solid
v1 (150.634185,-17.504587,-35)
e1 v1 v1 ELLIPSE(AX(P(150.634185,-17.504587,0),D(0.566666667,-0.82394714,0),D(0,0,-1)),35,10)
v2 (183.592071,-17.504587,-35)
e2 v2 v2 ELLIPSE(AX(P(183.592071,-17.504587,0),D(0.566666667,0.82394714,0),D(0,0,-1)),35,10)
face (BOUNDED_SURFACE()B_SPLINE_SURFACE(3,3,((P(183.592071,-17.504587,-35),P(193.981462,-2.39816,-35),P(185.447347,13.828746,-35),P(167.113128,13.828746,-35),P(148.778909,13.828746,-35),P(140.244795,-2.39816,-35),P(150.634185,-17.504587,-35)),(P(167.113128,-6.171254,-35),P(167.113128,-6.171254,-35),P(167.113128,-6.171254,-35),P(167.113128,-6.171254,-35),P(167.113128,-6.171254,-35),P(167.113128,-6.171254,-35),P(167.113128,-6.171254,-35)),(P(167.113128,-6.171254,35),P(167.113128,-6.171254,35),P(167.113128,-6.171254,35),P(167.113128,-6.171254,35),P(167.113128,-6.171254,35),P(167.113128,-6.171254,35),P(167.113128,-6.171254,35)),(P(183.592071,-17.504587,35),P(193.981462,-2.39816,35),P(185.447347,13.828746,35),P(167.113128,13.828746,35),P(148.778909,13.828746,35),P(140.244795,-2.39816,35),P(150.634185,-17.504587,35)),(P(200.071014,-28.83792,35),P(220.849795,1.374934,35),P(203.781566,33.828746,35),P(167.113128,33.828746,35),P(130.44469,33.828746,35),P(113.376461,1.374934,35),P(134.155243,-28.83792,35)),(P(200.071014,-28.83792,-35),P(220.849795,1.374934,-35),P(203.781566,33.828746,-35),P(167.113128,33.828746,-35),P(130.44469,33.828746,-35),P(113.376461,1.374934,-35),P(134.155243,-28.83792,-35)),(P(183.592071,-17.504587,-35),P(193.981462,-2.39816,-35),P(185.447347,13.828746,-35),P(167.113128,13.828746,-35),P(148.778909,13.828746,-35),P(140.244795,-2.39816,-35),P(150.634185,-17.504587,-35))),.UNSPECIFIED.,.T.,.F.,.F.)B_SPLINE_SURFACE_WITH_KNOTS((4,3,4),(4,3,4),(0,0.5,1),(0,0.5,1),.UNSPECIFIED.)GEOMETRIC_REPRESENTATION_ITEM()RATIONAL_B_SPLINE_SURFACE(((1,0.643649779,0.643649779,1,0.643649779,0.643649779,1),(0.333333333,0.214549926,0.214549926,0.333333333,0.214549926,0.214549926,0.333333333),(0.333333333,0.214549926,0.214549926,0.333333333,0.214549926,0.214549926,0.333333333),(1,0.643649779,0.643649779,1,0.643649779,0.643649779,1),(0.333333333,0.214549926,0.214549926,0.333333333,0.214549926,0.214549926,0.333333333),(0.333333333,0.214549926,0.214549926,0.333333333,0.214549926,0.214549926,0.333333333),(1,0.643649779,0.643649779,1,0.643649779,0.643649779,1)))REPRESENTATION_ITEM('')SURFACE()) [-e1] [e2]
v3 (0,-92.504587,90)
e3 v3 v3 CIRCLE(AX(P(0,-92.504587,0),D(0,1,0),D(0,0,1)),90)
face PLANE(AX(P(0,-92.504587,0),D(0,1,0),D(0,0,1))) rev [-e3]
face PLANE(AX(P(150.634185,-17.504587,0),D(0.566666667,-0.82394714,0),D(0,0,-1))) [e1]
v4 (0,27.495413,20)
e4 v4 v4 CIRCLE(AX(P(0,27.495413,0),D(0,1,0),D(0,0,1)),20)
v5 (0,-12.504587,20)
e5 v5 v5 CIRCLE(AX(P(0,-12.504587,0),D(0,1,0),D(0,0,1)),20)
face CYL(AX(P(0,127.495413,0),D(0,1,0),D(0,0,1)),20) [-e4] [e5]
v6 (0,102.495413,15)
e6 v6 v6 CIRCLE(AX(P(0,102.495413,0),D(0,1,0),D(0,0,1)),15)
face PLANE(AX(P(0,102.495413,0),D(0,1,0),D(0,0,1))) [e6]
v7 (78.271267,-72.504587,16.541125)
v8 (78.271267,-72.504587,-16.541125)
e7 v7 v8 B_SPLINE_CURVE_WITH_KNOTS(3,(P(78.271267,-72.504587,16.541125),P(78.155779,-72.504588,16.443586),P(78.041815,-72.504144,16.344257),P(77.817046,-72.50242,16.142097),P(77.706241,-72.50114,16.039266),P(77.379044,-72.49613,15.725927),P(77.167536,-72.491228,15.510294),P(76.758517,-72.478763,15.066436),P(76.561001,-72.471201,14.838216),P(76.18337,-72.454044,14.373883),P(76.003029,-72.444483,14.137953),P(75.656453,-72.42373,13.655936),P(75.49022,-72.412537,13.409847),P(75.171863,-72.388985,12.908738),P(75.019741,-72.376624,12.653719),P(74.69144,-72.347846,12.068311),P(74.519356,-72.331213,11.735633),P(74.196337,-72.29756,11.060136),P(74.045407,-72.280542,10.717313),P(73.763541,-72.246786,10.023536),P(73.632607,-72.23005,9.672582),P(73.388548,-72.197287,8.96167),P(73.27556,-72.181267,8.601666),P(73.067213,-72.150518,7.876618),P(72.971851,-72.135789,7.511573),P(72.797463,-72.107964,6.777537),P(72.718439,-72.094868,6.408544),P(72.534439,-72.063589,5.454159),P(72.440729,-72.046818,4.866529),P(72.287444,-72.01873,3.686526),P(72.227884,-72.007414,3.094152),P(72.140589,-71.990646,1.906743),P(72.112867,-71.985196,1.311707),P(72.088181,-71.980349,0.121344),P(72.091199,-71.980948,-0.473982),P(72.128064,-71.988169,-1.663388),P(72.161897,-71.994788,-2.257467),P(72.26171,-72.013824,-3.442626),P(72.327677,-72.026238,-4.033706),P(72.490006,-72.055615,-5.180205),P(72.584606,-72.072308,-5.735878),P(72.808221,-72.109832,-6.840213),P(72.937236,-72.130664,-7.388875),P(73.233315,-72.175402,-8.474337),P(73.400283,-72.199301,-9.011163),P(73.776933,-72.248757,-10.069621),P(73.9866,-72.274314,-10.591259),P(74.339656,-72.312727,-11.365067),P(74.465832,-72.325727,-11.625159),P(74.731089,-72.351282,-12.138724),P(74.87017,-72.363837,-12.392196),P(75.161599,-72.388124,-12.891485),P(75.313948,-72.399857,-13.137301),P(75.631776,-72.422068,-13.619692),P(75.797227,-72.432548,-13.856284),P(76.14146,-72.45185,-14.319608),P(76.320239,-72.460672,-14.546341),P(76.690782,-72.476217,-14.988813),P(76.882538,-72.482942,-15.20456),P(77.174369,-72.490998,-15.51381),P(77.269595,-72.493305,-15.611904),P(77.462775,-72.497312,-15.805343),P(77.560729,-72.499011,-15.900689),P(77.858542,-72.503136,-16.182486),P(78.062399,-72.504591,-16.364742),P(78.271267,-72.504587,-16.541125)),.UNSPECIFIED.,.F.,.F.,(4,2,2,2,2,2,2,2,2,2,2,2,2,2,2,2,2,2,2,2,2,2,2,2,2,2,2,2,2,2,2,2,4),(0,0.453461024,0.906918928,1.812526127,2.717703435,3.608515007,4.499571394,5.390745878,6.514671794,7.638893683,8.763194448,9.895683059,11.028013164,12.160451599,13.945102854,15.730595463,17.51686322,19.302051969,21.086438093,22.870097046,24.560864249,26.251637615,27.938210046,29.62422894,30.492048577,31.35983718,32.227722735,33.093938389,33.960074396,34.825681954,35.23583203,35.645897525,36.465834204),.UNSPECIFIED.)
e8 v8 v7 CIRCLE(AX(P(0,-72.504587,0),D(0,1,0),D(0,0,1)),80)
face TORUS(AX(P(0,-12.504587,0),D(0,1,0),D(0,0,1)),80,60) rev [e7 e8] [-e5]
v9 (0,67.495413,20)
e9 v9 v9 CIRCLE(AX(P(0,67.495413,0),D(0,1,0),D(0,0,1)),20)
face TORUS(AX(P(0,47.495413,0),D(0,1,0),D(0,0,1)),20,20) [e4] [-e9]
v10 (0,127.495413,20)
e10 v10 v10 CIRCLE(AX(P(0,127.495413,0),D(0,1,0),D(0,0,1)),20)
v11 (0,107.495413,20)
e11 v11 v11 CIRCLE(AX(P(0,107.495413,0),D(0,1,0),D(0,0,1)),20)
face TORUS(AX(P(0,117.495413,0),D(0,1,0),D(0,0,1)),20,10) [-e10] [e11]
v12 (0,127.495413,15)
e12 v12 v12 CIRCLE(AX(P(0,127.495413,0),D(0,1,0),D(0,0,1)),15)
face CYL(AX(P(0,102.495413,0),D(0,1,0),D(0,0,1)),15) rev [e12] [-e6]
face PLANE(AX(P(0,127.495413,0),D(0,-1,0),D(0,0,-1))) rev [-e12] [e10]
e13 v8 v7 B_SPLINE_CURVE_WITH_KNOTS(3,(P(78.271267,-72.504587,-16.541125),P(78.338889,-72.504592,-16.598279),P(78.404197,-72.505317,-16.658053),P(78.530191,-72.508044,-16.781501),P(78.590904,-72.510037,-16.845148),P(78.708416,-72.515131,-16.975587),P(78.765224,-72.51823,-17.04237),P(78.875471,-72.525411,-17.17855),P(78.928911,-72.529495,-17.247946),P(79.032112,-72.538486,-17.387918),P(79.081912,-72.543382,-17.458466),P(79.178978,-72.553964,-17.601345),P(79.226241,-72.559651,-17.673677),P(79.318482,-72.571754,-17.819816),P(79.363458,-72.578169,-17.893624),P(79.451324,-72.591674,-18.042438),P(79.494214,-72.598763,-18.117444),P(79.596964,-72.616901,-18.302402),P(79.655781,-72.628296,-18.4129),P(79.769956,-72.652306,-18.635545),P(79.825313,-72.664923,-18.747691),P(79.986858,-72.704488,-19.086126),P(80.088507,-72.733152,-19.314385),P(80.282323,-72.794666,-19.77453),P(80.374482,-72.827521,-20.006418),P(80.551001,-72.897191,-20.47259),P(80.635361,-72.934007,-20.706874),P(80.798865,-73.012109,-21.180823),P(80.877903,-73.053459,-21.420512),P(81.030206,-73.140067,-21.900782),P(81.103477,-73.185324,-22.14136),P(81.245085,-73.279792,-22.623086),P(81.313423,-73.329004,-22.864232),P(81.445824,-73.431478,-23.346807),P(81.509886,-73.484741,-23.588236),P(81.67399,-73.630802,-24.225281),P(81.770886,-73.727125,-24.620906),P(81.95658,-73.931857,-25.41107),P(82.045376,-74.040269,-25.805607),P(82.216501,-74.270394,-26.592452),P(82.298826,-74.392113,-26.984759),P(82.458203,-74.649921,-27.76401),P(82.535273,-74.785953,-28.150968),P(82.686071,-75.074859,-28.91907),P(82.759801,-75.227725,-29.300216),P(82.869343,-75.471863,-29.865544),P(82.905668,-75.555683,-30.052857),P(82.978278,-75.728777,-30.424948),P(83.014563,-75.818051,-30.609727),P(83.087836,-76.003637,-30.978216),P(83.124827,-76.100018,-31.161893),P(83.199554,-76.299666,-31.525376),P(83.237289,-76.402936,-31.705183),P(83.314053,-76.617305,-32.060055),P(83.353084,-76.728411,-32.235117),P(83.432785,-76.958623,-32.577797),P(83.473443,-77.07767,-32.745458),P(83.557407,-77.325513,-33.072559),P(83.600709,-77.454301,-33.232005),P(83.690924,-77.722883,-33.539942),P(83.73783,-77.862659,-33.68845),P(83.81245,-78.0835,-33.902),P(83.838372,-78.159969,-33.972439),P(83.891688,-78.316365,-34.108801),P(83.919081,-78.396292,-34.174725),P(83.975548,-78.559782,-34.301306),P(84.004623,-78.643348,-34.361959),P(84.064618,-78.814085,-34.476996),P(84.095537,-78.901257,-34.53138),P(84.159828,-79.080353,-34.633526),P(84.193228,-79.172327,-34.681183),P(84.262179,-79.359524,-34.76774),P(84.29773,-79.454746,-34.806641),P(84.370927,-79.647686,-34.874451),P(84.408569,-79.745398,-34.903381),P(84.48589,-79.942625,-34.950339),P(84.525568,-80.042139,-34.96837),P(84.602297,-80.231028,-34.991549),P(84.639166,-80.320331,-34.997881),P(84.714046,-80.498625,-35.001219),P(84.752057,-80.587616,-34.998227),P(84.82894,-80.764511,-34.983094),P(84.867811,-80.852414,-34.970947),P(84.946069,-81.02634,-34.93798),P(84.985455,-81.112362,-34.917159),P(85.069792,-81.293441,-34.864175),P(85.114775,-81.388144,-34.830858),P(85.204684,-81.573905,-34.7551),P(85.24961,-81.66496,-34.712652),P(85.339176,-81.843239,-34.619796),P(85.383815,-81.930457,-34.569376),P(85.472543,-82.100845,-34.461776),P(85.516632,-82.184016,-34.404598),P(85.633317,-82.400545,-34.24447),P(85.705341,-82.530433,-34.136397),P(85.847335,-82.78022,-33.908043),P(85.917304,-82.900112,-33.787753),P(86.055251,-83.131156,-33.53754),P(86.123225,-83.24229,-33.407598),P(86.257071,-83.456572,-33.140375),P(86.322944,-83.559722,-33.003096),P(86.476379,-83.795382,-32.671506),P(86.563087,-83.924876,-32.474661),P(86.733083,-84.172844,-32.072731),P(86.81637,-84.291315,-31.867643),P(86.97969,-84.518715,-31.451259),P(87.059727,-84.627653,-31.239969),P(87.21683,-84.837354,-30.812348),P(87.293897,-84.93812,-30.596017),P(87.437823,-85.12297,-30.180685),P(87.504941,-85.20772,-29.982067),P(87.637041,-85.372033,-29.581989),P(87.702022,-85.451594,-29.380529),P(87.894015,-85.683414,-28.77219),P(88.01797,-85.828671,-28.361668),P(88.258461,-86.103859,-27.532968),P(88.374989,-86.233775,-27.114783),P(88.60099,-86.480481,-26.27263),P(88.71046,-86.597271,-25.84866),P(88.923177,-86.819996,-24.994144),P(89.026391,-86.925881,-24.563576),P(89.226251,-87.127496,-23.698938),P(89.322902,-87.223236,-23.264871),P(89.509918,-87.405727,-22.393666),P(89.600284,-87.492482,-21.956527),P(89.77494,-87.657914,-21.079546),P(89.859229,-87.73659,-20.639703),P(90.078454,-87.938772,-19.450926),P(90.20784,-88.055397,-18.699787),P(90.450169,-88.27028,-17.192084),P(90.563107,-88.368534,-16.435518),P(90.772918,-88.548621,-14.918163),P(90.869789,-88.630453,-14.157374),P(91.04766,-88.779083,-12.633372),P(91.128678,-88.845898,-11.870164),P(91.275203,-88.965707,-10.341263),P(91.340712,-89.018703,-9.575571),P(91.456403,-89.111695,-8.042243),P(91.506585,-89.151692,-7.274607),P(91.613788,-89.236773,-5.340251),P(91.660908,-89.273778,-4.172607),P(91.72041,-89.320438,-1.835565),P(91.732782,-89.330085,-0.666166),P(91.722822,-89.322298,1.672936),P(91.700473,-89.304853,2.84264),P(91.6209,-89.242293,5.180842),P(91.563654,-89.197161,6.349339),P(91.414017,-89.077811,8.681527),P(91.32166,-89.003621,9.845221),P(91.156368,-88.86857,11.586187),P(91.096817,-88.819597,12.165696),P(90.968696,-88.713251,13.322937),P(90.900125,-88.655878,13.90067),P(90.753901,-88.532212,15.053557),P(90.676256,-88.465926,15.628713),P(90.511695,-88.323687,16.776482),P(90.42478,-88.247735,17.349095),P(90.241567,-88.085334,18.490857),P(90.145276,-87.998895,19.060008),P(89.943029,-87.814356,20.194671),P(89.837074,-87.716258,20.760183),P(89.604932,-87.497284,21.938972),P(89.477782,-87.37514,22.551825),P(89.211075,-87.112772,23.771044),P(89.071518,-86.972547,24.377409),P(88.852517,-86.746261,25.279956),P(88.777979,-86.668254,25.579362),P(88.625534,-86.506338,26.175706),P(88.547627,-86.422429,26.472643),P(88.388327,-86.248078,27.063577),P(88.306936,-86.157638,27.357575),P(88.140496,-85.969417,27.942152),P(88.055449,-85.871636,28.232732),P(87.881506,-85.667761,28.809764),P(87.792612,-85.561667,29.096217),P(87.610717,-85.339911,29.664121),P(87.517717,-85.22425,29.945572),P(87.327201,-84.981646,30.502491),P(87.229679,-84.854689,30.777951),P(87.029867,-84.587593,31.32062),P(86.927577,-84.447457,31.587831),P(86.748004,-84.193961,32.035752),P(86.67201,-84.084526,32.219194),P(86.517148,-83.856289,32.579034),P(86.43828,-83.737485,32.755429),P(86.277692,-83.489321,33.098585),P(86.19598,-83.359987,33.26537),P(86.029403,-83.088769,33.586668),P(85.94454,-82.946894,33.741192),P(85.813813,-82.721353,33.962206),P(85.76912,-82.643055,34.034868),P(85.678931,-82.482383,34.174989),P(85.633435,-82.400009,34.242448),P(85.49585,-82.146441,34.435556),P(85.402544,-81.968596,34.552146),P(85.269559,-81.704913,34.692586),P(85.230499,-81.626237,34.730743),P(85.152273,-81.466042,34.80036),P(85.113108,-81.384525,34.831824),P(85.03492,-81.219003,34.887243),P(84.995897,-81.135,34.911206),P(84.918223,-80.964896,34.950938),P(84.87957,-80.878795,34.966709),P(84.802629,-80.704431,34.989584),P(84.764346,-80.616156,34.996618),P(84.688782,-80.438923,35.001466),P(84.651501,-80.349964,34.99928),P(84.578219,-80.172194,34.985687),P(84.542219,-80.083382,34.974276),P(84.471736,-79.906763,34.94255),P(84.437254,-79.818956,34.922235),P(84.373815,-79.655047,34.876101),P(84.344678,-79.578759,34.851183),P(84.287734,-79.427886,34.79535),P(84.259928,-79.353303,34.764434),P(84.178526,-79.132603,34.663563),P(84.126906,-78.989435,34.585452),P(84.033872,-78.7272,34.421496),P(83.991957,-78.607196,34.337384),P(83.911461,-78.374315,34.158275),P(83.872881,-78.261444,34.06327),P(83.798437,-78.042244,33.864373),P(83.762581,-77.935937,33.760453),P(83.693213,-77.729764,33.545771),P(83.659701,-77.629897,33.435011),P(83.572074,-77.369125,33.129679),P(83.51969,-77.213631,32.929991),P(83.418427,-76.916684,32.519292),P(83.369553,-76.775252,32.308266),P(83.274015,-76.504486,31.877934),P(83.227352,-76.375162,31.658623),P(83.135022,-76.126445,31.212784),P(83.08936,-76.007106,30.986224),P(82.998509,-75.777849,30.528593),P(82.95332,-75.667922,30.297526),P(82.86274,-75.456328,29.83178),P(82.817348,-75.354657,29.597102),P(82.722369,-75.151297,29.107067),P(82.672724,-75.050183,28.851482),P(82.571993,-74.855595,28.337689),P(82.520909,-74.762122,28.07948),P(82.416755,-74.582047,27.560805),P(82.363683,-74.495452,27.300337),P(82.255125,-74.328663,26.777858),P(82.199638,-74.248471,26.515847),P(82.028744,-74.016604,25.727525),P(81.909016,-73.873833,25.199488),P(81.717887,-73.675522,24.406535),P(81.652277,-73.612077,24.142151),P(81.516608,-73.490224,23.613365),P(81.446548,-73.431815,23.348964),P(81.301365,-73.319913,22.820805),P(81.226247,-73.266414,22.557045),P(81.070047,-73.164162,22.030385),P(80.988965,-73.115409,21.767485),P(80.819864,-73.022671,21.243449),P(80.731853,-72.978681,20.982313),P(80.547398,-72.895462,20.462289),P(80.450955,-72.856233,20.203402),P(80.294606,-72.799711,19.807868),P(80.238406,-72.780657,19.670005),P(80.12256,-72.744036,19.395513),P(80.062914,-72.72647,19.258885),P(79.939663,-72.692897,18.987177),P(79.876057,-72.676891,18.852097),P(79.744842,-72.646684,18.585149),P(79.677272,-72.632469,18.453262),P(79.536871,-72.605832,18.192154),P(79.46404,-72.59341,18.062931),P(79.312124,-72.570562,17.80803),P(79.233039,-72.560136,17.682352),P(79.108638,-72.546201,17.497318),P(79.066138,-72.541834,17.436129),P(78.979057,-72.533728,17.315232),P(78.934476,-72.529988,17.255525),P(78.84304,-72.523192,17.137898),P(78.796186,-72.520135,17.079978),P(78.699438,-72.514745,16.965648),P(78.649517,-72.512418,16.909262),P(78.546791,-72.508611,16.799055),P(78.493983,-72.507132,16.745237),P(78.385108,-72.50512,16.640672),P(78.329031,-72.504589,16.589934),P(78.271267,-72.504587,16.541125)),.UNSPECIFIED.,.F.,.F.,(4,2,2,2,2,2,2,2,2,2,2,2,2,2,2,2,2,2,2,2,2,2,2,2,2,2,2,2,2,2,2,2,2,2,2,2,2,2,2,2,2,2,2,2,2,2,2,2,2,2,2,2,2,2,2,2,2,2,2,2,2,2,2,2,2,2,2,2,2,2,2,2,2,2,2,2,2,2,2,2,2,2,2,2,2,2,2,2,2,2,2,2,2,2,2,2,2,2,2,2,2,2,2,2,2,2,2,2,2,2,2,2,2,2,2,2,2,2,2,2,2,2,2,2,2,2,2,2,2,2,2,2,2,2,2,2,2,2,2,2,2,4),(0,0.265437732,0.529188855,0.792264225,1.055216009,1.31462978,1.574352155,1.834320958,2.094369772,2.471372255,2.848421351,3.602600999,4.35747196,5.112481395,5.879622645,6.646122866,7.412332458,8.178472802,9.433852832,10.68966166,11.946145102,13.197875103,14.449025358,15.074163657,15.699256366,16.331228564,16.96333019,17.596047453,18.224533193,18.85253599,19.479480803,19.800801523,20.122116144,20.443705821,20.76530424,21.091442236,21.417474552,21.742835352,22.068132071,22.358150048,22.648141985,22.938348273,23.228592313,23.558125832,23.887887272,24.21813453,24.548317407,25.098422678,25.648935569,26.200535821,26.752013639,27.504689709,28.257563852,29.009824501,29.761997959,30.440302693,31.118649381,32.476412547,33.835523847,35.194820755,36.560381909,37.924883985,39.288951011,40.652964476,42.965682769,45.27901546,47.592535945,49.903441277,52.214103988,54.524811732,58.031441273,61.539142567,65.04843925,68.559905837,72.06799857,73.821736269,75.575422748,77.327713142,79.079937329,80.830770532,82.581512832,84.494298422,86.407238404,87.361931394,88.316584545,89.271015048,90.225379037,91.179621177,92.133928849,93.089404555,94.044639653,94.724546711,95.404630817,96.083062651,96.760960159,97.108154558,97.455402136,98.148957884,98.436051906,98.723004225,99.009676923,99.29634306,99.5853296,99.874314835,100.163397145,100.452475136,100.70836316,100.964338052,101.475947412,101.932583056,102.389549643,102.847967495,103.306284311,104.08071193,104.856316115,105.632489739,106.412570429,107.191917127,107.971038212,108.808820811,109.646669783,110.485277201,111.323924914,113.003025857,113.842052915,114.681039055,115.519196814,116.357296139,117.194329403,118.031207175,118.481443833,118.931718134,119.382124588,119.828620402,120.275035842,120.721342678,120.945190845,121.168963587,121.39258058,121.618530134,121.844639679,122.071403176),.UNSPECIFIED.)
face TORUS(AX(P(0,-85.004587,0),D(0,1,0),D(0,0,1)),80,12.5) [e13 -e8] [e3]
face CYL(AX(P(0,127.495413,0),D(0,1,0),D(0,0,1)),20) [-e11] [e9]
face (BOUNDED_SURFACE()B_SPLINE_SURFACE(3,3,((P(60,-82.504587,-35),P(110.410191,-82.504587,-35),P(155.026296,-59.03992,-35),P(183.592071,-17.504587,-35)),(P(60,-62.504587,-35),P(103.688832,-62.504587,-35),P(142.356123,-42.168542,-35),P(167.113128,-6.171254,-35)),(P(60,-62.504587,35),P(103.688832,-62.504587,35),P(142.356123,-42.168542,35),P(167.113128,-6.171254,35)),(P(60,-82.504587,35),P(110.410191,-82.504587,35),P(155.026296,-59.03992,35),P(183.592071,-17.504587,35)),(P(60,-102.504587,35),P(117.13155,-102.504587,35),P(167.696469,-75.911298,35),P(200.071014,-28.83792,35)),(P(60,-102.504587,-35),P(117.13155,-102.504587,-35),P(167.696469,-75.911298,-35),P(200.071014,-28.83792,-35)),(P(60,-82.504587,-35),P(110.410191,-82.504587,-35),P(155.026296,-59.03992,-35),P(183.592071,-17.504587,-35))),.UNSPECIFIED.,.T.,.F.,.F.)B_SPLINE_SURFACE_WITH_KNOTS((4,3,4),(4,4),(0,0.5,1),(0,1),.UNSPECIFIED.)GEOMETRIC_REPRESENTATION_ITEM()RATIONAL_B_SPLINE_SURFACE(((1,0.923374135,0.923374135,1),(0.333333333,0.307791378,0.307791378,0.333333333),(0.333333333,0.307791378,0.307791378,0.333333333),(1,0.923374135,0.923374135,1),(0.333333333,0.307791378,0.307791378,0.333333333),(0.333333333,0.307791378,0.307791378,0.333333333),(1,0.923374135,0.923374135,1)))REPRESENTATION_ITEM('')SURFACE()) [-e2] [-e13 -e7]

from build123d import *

# Parameters (mm, degrees)
SKETCH3_RX         = 35
SKETCH3_RY         = 10
SKETCH7_R          = 15
CUT_EXTRUDE1_DEPTH = 25


with BuildPart() as part:
    # Sketch1 → Revolve1 (revolve)
    with BuildSketch(Plane.XY):
        with BuildLine():
            Line((0, 127.495412844), (0, -92.504587156))
            Line((0, -92.504587156), (90, -92.504587156))
            ThreePointArc((90, -92.504587156), (91.180339887, -79.414417212), (80, -72.504587156))
            ThreePointArc((80, -72.504587156), (37.573593129, -54.930994027), (20, -12.504587156))
            Line((20, -12.504587156), (20, 27.495412844))
            ThreePointArc((20, 27.495412844), (40, 47.495412844), (20, 67.495412844))
            Line((20, 67.495412844), (20, 107.495412844))
            ThreePointArc((20, 107.495412844), (30, 117.495412844), (20, 127.495412844))
            Line((20, 127.495412844), (0, 127.495412844))
        make_face()
    revolve(axis=Axis((0, 127.495412844, 0), (0, -1, 0)))

    # Sweep1: sweep along a path in Sketch2
    with BuildLine(Plane.XY) as sweep1_path:
        Line((0, -82.504587156), (60, -82.504587156))
        ThreePointArc((60, -82.504587156), (129.821200219, -65.263767629), (183.592070943, -17.504587156))
        ThreePointArc((183.592070943, -17.504587156), (167.113128151, 13.828746177), (150.634185358, -17.504587156))
    # Sketch3 → Sweep1 (sweep)
    with BuildSketch(Plane(origin=(0, 0, 0), x_dir=(0, 0, -1), z_dir=(1, 0, 0))):
        with Locations((0, -82.504587156)):
            Ellipse(SKETCH3_RX, SKETCH3_RY)
    sweep(path=sweep1_path.line)

    # Sketch7 → Cut-Extrude1 (cut)
    with BuildSketch(Plane(origin=(0, 127.495412844, 0), x_dir=(1, 0, 0), z_dir=(0, 1, 0))):
        Circle(SKETCH7_R)
    extrude(amount=-CUT_EXTRUDE1_DEPTH, mode=Mode.SUBTRACT)


solid = part.part
